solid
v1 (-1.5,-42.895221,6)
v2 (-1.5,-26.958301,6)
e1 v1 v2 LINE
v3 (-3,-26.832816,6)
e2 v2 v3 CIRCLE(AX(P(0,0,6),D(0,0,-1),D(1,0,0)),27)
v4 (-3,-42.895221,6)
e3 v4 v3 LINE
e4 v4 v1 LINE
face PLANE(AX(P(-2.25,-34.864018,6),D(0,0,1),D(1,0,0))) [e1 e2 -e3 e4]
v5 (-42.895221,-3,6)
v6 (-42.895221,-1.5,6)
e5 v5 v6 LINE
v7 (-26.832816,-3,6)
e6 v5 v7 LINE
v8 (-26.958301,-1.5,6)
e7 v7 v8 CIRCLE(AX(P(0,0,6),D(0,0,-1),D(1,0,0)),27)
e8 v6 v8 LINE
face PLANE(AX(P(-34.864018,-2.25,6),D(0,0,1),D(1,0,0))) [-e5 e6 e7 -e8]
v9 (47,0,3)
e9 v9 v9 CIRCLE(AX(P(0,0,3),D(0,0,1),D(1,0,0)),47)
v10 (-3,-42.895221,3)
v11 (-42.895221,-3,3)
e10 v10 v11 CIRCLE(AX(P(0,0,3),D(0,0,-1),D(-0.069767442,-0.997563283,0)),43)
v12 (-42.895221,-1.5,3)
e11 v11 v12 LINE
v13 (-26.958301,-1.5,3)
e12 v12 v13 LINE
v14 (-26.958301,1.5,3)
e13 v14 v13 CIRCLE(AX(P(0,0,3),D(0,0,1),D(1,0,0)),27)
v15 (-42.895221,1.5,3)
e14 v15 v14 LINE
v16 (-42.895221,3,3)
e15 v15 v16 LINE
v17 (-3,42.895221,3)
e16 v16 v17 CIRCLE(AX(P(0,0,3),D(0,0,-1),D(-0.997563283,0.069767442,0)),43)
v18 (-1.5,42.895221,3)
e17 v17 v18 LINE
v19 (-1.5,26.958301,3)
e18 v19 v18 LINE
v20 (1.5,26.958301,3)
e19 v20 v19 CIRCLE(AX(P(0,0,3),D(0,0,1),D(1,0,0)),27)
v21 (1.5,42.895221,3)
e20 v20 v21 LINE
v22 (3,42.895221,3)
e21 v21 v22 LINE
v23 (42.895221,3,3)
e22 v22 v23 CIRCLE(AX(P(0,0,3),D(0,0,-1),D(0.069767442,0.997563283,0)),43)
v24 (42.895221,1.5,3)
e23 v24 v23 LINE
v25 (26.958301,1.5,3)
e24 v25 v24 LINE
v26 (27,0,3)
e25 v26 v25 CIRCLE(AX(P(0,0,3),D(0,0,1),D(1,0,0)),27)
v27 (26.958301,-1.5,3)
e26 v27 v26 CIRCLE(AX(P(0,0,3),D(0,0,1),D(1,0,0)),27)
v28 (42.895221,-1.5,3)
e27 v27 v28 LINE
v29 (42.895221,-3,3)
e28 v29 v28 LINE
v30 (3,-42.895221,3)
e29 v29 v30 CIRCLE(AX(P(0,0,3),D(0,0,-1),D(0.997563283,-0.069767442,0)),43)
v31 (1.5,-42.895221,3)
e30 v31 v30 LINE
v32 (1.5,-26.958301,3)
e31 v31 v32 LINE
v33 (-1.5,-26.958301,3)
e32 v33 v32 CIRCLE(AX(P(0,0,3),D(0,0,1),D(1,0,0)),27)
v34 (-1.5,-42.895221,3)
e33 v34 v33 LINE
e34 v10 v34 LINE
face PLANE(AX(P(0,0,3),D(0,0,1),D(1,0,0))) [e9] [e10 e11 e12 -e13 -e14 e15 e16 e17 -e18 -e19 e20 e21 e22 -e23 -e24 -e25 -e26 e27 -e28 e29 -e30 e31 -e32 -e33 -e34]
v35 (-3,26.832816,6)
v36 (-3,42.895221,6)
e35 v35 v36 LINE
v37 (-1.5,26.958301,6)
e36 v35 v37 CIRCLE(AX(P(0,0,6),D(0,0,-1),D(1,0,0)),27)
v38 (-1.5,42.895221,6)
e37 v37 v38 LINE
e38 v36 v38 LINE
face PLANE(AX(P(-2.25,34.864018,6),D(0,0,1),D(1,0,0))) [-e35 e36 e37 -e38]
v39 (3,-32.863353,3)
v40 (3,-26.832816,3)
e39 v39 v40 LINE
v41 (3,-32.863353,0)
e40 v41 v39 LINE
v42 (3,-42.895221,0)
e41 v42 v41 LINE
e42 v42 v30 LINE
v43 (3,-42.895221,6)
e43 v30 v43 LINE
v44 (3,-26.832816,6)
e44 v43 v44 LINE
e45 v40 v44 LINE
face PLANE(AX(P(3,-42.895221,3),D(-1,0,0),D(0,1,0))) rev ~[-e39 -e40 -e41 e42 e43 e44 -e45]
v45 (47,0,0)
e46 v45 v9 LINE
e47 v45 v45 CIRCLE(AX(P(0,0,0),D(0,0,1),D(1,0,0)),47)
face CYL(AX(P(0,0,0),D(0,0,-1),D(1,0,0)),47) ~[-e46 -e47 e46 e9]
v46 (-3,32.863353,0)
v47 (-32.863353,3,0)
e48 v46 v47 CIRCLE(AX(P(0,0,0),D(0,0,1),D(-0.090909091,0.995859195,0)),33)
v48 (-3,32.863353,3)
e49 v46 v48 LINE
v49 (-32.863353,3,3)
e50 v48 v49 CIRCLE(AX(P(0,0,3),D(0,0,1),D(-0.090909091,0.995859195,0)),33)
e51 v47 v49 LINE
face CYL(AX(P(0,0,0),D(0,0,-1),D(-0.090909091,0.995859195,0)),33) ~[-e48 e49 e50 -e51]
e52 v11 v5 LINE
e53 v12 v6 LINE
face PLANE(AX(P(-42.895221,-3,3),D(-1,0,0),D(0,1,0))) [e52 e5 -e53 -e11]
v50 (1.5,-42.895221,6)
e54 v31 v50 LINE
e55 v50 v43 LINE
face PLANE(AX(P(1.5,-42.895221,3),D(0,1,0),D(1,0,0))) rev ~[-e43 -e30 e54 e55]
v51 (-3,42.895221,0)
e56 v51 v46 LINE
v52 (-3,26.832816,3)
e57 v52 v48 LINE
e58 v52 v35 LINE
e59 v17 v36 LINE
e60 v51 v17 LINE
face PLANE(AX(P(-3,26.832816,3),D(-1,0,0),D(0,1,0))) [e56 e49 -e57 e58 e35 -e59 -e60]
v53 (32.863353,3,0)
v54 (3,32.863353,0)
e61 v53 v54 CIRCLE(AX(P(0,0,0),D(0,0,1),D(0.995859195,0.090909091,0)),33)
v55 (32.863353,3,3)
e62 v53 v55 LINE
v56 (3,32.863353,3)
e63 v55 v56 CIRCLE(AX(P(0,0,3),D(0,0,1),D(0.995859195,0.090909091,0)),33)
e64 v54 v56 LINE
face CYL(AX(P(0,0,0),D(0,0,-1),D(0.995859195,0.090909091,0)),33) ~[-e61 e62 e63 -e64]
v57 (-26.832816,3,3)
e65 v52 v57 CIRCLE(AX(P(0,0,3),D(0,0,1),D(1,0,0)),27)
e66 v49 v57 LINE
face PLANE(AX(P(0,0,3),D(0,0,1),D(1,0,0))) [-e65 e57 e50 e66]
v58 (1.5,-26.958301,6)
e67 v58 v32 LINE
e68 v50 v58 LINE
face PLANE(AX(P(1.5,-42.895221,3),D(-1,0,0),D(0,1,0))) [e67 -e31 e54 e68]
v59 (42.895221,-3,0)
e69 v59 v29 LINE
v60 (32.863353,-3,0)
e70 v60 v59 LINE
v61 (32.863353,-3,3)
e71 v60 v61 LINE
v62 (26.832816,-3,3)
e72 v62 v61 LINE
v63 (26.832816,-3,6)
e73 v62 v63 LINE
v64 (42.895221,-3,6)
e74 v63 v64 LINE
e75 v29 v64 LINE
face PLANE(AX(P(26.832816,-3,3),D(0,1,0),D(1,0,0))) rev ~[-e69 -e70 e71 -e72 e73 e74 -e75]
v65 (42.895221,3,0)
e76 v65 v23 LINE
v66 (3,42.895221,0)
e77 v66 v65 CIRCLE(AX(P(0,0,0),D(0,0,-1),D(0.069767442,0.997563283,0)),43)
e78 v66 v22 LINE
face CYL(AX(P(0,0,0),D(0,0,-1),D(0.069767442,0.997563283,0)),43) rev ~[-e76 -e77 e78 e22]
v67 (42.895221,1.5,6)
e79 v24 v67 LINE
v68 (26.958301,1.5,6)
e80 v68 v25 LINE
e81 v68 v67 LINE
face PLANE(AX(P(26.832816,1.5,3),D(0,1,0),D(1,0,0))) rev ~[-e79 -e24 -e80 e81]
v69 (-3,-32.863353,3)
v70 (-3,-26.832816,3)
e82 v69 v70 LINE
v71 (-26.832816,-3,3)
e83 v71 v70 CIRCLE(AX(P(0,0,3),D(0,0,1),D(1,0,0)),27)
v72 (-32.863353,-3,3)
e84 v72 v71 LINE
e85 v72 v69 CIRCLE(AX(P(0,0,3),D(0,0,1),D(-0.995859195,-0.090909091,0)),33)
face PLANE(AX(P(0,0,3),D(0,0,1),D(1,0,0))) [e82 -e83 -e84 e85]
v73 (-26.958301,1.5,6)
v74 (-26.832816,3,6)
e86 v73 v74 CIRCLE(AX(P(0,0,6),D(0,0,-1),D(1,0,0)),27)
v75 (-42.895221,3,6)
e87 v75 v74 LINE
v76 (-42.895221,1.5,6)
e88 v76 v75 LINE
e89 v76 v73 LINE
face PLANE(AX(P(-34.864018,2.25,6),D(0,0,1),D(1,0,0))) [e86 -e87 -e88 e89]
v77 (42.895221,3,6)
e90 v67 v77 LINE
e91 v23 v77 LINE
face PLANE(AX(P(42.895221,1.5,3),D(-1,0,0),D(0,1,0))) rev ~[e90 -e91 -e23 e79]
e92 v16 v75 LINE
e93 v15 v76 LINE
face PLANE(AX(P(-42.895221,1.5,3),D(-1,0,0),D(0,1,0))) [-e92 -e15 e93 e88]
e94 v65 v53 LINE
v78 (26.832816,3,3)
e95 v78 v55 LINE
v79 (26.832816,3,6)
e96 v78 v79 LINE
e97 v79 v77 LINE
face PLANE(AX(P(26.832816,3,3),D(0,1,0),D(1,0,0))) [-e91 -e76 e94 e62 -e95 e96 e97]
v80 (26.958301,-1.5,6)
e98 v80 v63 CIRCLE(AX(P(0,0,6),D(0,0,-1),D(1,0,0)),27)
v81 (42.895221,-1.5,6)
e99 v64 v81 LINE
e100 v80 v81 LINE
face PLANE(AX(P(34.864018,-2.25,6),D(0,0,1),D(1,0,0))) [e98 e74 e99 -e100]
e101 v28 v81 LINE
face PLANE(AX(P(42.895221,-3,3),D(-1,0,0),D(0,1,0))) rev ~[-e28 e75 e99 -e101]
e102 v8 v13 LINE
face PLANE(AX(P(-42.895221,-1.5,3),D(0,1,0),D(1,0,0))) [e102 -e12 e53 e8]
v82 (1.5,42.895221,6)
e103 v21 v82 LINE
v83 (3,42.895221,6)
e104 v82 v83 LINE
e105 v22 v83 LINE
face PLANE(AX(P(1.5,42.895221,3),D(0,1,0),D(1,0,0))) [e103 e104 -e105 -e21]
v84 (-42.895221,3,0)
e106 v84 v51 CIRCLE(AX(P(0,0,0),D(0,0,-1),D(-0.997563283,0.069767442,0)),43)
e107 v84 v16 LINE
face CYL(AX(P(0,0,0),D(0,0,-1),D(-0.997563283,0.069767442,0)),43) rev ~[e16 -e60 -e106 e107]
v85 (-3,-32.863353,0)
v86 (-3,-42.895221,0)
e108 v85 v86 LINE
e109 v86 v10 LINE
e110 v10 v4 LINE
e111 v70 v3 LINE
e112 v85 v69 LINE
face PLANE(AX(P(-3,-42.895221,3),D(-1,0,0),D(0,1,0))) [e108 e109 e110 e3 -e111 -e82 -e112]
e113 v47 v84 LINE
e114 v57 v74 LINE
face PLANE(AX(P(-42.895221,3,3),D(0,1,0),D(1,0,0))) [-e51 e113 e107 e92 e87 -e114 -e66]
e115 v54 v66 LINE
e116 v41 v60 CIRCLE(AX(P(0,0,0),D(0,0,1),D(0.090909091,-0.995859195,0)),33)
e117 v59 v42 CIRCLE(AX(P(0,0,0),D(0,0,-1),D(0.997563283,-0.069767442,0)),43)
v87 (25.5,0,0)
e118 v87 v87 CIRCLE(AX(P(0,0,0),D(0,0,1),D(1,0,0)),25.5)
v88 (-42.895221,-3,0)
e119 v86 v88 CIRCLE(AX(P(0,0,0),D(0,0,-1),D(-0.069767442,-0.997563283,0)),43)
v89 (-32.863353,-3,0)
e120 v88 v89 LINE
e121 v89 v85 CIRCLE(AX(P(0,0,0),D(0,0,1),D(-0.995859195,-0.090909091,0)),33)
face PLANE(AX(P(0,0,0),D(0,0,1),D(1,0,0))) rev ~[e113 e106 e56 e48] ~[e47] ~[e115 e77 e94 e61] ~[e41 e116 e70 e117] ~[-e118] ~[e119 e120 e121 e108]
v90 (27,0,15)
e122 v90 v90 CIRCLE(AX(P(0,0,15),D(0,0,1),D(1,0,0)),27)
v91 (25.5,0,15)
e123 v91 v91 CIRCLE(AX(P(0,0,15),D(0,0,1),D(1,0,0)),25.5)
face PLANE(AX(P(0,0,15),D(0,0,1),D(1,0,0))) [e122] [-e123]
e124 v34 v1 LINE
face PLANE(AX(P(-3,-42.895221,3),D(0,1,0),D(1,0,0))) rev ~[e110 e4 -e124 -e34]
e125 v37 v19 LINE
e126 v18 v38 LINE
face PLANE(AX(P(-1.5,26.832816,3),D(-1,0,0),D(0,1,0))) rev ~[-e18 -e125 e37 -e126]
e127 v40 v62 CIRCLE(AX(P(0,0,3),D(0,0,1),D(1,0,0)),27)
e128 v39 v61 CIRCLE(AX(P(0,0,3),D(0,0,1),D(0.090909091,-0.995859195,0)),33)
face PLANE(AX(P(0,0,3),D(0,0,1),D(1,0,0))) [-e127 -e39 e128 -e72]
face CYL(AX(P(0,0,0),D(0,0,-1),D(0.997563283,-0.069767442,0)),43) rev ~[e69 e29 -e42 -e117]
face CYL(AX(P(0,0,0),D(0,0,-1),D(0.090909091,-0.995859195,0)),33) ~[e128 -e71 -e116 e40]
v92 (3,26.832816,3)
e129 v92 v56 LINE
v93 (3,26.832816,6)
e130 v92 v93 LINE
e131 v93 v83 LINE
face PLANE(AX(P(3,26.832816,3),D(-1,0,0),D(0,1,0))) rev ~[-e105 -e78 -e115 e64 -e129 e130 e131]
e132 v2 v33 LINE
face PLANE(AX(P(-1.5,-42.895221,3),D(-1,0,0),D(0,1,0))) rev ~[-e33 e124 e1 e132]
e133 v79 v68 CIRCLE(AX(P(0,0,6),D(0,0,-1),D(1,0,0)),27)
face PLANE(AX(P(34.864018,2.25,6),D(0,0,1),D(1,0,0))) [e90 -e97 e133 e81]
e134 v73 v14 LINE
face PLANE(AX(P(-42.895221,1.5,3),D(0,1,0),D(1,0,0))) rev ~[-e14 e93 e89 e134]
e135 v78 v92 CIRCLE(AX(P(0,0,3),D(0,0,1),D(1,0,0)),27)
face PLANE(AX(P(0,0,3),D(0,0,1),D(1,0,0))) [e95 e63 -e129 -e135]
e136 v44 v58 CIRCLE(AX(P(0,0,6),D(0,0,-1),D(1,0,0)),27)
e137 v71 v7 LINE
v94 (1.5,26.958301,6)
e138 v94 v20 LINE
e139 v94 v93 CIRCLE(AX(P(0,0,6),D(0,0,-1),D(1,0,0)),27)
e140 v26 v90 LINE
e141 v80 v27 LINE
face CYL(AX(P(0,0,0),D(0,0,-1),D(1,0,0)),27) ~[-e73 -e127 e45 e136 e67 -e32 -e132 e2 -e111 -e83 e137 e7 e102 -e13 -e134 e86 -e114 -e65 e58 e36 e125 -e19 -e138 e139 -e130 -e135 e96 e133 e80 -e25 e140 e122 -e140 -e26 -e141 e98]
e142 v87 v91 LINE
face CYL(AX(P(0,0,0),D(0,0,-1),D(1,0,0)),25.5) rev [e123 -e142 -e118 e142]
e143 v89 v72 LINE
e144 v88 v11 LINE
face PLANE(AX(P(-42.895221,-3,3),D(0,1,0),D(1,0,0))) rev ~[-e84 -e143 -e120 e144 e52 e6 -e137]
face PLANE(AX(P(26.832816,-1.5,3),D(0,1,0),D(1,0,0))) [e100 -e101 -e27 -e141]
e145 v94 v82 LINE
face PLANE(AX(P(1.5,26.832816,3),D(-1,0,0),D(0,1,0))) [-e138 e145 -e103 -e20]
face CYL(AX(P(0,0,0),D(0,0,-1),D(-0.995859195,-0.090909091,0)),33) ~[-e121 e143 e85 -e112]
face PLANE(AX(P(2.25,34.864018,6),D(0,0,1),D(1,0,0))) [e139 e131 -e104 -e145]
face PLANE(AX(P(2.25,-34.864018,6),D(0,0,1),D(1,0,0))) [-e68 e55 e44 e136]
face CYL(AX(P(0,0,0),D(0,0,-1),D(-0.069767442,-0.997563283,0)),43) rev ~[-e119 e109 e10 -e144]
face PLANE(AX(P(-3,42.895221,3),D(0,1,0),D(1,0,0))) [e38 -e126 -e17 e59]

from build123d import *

# Parameters (mm, degrees)
F0_R     = 27
F0_R_2   = 25.5
F1_DEPTH = 15
F0_R_3   = 47
F2_DEPTH = 3
F3_W     = 16.0624054491
F3_H     = 1.5
F3_W_2   = 1.5
F3_H_2   = 16.0624054491
F4_DEPTH = 3
F5_DEPTH = 3


with BuildPart() as f1:
    # F0 (on Top) → F1 (new body)
    with BuildSketch(Plane.XY):
        Circle(F0_R)
        Circle(F0_R_2, mode=Mode.SUBTRACT)
    extrude(amount=F1_DEPTH)

    # F0 (on Top) → F2 (join)
    with BuildSketch(Plane.XY):
        Circle(F0_R_3)
        with BuildLine():
            ThreePointArc((-3, -42.8952211791), (-30.405591591, -30.405591591), (-42.8952211791, -3))
            Line((-42.8952211791, -3), (-32.8633534503, -3))
            ThreePointArc((-32.8633534503, -3), (-23.3345237792, -23.3345237792), (-3, -32.8633534503))
            Line((-3, -32.8633534503), (-3, -42.8952211791))
        make_face(mode=Mode.SUBTRACT)
        with BuildLine():
            ThreePointArc((3, -32.8633534503), (23.3345237792, -23.3345237792), (32.8633534503, -3))
            Line((32.8633534503, -3), (42.8952211791, -3))
            ThreePointArc((42.8952211791, -3), (30.405591591, -30.405591591), (3, -42.8952211791))
            Line((3, -42.8952211791), (3, -32.8633534503))
        make_face(mode=Mode.SUBTRACT)
        with BuildLine():
            ThreePointArc((-3, 32.8633534503), (-23.3345237792, 23.3345237792), (-32.8633534503, 3))
            Line((-32.8633534503, 3), (-42.8952211791, 3))
            ThreePointArc((-42.8952211791, 3), (-30.405591591, 30.405591591), (-3, 42.8952211791))
            Line((-3, 42.8952211791), (-3, 32.8633534503))
        make_face(mode=Mode.SUBTRACT)
        Circle(F0_R, mode=Mode.SUBTRACT)
        with BuildLine():
            Line((42.8952211791, 3), (32.8633534503, 3))
            ThreePointArc((32.8633534503, 3), (23.3345237792, 23.3345237792), (3, 32.8633534503))
            Line((3, 32.8633534503), (3, 42.8952211791))
            ThreePointArc((3, 42.8952211791), (30.405591591, 30.405591591), (42.8952211791, 3))
        make_face(mode=Mode.SUBTRACT)
    extrude(amount=F2_DEPTH)

    # F3 (on face) → F4 (join)
    with BuildSketch(Plane.XY.offset(3)):
        with Locations((-34.8640184545, 2.25)):
            Rectangle(F3_W, F3_H)
        with Locations((-34.8640184545, -2.25)):
            Rectangle(F3_W, F3_H)
        with Locations((34.8640184545, 2.25)):
            Rectangle(F3_W, F3_H)
        with Locations((34.8640184545, -2.25)):
            Rectangle(F3_W, F3_H)
        with Locations((-2.25, 34.8640184545)):
            Rectangle(F3_W_2, F3_H_2)
        with Locations((2.25, 34.8640184545)):
            Rectangle(F3_W_2, F3_H_2)
        with Locations((-2.25, -34.8640184545)):
            Rectangle(F3_W_2, F3_H_2)
        with Locations((2.25, -34.8640184545)):
            Rectangle(F3_W_2, F3_H_2)
    extrude(amount=F4_DEPTH)

    # F3 (on face) → F5 (join)
    with BuildSketch(Plane.XY.offset(3)):
        with Locations((-34.8640184545, 2.25)):
            Rectangle(F3_W, F3_H)
        with Locations((-34.8640184545, -2.25)):
            Rectangle(F3_W, F3_H)
        with Locations((34.8640184545, 2.25)):
            Rectangle(F3_W, F3_H)
        with Locations((34.8640184545, -2.25)):
            Rectangle(F3_W, F3_H)
        with Locations((-2.25, 34.8640184545)):
            Rectangle(F3_W_2, F3_H_2)
        with Locations((2.25, 34.8640184545)):
            Rectangle(F3_W_2, F3_H_2)
        with Locations((-2.25, -34.8640184545)):
            Rectangle(F3_W_2, F3_H_2)
        with Locations((2.25, -34.8640184545)):
            Rectangle(F3_W_2, F3_H_2)
    extrude(amount=-F5_DEPTH)


solid = f1.part
